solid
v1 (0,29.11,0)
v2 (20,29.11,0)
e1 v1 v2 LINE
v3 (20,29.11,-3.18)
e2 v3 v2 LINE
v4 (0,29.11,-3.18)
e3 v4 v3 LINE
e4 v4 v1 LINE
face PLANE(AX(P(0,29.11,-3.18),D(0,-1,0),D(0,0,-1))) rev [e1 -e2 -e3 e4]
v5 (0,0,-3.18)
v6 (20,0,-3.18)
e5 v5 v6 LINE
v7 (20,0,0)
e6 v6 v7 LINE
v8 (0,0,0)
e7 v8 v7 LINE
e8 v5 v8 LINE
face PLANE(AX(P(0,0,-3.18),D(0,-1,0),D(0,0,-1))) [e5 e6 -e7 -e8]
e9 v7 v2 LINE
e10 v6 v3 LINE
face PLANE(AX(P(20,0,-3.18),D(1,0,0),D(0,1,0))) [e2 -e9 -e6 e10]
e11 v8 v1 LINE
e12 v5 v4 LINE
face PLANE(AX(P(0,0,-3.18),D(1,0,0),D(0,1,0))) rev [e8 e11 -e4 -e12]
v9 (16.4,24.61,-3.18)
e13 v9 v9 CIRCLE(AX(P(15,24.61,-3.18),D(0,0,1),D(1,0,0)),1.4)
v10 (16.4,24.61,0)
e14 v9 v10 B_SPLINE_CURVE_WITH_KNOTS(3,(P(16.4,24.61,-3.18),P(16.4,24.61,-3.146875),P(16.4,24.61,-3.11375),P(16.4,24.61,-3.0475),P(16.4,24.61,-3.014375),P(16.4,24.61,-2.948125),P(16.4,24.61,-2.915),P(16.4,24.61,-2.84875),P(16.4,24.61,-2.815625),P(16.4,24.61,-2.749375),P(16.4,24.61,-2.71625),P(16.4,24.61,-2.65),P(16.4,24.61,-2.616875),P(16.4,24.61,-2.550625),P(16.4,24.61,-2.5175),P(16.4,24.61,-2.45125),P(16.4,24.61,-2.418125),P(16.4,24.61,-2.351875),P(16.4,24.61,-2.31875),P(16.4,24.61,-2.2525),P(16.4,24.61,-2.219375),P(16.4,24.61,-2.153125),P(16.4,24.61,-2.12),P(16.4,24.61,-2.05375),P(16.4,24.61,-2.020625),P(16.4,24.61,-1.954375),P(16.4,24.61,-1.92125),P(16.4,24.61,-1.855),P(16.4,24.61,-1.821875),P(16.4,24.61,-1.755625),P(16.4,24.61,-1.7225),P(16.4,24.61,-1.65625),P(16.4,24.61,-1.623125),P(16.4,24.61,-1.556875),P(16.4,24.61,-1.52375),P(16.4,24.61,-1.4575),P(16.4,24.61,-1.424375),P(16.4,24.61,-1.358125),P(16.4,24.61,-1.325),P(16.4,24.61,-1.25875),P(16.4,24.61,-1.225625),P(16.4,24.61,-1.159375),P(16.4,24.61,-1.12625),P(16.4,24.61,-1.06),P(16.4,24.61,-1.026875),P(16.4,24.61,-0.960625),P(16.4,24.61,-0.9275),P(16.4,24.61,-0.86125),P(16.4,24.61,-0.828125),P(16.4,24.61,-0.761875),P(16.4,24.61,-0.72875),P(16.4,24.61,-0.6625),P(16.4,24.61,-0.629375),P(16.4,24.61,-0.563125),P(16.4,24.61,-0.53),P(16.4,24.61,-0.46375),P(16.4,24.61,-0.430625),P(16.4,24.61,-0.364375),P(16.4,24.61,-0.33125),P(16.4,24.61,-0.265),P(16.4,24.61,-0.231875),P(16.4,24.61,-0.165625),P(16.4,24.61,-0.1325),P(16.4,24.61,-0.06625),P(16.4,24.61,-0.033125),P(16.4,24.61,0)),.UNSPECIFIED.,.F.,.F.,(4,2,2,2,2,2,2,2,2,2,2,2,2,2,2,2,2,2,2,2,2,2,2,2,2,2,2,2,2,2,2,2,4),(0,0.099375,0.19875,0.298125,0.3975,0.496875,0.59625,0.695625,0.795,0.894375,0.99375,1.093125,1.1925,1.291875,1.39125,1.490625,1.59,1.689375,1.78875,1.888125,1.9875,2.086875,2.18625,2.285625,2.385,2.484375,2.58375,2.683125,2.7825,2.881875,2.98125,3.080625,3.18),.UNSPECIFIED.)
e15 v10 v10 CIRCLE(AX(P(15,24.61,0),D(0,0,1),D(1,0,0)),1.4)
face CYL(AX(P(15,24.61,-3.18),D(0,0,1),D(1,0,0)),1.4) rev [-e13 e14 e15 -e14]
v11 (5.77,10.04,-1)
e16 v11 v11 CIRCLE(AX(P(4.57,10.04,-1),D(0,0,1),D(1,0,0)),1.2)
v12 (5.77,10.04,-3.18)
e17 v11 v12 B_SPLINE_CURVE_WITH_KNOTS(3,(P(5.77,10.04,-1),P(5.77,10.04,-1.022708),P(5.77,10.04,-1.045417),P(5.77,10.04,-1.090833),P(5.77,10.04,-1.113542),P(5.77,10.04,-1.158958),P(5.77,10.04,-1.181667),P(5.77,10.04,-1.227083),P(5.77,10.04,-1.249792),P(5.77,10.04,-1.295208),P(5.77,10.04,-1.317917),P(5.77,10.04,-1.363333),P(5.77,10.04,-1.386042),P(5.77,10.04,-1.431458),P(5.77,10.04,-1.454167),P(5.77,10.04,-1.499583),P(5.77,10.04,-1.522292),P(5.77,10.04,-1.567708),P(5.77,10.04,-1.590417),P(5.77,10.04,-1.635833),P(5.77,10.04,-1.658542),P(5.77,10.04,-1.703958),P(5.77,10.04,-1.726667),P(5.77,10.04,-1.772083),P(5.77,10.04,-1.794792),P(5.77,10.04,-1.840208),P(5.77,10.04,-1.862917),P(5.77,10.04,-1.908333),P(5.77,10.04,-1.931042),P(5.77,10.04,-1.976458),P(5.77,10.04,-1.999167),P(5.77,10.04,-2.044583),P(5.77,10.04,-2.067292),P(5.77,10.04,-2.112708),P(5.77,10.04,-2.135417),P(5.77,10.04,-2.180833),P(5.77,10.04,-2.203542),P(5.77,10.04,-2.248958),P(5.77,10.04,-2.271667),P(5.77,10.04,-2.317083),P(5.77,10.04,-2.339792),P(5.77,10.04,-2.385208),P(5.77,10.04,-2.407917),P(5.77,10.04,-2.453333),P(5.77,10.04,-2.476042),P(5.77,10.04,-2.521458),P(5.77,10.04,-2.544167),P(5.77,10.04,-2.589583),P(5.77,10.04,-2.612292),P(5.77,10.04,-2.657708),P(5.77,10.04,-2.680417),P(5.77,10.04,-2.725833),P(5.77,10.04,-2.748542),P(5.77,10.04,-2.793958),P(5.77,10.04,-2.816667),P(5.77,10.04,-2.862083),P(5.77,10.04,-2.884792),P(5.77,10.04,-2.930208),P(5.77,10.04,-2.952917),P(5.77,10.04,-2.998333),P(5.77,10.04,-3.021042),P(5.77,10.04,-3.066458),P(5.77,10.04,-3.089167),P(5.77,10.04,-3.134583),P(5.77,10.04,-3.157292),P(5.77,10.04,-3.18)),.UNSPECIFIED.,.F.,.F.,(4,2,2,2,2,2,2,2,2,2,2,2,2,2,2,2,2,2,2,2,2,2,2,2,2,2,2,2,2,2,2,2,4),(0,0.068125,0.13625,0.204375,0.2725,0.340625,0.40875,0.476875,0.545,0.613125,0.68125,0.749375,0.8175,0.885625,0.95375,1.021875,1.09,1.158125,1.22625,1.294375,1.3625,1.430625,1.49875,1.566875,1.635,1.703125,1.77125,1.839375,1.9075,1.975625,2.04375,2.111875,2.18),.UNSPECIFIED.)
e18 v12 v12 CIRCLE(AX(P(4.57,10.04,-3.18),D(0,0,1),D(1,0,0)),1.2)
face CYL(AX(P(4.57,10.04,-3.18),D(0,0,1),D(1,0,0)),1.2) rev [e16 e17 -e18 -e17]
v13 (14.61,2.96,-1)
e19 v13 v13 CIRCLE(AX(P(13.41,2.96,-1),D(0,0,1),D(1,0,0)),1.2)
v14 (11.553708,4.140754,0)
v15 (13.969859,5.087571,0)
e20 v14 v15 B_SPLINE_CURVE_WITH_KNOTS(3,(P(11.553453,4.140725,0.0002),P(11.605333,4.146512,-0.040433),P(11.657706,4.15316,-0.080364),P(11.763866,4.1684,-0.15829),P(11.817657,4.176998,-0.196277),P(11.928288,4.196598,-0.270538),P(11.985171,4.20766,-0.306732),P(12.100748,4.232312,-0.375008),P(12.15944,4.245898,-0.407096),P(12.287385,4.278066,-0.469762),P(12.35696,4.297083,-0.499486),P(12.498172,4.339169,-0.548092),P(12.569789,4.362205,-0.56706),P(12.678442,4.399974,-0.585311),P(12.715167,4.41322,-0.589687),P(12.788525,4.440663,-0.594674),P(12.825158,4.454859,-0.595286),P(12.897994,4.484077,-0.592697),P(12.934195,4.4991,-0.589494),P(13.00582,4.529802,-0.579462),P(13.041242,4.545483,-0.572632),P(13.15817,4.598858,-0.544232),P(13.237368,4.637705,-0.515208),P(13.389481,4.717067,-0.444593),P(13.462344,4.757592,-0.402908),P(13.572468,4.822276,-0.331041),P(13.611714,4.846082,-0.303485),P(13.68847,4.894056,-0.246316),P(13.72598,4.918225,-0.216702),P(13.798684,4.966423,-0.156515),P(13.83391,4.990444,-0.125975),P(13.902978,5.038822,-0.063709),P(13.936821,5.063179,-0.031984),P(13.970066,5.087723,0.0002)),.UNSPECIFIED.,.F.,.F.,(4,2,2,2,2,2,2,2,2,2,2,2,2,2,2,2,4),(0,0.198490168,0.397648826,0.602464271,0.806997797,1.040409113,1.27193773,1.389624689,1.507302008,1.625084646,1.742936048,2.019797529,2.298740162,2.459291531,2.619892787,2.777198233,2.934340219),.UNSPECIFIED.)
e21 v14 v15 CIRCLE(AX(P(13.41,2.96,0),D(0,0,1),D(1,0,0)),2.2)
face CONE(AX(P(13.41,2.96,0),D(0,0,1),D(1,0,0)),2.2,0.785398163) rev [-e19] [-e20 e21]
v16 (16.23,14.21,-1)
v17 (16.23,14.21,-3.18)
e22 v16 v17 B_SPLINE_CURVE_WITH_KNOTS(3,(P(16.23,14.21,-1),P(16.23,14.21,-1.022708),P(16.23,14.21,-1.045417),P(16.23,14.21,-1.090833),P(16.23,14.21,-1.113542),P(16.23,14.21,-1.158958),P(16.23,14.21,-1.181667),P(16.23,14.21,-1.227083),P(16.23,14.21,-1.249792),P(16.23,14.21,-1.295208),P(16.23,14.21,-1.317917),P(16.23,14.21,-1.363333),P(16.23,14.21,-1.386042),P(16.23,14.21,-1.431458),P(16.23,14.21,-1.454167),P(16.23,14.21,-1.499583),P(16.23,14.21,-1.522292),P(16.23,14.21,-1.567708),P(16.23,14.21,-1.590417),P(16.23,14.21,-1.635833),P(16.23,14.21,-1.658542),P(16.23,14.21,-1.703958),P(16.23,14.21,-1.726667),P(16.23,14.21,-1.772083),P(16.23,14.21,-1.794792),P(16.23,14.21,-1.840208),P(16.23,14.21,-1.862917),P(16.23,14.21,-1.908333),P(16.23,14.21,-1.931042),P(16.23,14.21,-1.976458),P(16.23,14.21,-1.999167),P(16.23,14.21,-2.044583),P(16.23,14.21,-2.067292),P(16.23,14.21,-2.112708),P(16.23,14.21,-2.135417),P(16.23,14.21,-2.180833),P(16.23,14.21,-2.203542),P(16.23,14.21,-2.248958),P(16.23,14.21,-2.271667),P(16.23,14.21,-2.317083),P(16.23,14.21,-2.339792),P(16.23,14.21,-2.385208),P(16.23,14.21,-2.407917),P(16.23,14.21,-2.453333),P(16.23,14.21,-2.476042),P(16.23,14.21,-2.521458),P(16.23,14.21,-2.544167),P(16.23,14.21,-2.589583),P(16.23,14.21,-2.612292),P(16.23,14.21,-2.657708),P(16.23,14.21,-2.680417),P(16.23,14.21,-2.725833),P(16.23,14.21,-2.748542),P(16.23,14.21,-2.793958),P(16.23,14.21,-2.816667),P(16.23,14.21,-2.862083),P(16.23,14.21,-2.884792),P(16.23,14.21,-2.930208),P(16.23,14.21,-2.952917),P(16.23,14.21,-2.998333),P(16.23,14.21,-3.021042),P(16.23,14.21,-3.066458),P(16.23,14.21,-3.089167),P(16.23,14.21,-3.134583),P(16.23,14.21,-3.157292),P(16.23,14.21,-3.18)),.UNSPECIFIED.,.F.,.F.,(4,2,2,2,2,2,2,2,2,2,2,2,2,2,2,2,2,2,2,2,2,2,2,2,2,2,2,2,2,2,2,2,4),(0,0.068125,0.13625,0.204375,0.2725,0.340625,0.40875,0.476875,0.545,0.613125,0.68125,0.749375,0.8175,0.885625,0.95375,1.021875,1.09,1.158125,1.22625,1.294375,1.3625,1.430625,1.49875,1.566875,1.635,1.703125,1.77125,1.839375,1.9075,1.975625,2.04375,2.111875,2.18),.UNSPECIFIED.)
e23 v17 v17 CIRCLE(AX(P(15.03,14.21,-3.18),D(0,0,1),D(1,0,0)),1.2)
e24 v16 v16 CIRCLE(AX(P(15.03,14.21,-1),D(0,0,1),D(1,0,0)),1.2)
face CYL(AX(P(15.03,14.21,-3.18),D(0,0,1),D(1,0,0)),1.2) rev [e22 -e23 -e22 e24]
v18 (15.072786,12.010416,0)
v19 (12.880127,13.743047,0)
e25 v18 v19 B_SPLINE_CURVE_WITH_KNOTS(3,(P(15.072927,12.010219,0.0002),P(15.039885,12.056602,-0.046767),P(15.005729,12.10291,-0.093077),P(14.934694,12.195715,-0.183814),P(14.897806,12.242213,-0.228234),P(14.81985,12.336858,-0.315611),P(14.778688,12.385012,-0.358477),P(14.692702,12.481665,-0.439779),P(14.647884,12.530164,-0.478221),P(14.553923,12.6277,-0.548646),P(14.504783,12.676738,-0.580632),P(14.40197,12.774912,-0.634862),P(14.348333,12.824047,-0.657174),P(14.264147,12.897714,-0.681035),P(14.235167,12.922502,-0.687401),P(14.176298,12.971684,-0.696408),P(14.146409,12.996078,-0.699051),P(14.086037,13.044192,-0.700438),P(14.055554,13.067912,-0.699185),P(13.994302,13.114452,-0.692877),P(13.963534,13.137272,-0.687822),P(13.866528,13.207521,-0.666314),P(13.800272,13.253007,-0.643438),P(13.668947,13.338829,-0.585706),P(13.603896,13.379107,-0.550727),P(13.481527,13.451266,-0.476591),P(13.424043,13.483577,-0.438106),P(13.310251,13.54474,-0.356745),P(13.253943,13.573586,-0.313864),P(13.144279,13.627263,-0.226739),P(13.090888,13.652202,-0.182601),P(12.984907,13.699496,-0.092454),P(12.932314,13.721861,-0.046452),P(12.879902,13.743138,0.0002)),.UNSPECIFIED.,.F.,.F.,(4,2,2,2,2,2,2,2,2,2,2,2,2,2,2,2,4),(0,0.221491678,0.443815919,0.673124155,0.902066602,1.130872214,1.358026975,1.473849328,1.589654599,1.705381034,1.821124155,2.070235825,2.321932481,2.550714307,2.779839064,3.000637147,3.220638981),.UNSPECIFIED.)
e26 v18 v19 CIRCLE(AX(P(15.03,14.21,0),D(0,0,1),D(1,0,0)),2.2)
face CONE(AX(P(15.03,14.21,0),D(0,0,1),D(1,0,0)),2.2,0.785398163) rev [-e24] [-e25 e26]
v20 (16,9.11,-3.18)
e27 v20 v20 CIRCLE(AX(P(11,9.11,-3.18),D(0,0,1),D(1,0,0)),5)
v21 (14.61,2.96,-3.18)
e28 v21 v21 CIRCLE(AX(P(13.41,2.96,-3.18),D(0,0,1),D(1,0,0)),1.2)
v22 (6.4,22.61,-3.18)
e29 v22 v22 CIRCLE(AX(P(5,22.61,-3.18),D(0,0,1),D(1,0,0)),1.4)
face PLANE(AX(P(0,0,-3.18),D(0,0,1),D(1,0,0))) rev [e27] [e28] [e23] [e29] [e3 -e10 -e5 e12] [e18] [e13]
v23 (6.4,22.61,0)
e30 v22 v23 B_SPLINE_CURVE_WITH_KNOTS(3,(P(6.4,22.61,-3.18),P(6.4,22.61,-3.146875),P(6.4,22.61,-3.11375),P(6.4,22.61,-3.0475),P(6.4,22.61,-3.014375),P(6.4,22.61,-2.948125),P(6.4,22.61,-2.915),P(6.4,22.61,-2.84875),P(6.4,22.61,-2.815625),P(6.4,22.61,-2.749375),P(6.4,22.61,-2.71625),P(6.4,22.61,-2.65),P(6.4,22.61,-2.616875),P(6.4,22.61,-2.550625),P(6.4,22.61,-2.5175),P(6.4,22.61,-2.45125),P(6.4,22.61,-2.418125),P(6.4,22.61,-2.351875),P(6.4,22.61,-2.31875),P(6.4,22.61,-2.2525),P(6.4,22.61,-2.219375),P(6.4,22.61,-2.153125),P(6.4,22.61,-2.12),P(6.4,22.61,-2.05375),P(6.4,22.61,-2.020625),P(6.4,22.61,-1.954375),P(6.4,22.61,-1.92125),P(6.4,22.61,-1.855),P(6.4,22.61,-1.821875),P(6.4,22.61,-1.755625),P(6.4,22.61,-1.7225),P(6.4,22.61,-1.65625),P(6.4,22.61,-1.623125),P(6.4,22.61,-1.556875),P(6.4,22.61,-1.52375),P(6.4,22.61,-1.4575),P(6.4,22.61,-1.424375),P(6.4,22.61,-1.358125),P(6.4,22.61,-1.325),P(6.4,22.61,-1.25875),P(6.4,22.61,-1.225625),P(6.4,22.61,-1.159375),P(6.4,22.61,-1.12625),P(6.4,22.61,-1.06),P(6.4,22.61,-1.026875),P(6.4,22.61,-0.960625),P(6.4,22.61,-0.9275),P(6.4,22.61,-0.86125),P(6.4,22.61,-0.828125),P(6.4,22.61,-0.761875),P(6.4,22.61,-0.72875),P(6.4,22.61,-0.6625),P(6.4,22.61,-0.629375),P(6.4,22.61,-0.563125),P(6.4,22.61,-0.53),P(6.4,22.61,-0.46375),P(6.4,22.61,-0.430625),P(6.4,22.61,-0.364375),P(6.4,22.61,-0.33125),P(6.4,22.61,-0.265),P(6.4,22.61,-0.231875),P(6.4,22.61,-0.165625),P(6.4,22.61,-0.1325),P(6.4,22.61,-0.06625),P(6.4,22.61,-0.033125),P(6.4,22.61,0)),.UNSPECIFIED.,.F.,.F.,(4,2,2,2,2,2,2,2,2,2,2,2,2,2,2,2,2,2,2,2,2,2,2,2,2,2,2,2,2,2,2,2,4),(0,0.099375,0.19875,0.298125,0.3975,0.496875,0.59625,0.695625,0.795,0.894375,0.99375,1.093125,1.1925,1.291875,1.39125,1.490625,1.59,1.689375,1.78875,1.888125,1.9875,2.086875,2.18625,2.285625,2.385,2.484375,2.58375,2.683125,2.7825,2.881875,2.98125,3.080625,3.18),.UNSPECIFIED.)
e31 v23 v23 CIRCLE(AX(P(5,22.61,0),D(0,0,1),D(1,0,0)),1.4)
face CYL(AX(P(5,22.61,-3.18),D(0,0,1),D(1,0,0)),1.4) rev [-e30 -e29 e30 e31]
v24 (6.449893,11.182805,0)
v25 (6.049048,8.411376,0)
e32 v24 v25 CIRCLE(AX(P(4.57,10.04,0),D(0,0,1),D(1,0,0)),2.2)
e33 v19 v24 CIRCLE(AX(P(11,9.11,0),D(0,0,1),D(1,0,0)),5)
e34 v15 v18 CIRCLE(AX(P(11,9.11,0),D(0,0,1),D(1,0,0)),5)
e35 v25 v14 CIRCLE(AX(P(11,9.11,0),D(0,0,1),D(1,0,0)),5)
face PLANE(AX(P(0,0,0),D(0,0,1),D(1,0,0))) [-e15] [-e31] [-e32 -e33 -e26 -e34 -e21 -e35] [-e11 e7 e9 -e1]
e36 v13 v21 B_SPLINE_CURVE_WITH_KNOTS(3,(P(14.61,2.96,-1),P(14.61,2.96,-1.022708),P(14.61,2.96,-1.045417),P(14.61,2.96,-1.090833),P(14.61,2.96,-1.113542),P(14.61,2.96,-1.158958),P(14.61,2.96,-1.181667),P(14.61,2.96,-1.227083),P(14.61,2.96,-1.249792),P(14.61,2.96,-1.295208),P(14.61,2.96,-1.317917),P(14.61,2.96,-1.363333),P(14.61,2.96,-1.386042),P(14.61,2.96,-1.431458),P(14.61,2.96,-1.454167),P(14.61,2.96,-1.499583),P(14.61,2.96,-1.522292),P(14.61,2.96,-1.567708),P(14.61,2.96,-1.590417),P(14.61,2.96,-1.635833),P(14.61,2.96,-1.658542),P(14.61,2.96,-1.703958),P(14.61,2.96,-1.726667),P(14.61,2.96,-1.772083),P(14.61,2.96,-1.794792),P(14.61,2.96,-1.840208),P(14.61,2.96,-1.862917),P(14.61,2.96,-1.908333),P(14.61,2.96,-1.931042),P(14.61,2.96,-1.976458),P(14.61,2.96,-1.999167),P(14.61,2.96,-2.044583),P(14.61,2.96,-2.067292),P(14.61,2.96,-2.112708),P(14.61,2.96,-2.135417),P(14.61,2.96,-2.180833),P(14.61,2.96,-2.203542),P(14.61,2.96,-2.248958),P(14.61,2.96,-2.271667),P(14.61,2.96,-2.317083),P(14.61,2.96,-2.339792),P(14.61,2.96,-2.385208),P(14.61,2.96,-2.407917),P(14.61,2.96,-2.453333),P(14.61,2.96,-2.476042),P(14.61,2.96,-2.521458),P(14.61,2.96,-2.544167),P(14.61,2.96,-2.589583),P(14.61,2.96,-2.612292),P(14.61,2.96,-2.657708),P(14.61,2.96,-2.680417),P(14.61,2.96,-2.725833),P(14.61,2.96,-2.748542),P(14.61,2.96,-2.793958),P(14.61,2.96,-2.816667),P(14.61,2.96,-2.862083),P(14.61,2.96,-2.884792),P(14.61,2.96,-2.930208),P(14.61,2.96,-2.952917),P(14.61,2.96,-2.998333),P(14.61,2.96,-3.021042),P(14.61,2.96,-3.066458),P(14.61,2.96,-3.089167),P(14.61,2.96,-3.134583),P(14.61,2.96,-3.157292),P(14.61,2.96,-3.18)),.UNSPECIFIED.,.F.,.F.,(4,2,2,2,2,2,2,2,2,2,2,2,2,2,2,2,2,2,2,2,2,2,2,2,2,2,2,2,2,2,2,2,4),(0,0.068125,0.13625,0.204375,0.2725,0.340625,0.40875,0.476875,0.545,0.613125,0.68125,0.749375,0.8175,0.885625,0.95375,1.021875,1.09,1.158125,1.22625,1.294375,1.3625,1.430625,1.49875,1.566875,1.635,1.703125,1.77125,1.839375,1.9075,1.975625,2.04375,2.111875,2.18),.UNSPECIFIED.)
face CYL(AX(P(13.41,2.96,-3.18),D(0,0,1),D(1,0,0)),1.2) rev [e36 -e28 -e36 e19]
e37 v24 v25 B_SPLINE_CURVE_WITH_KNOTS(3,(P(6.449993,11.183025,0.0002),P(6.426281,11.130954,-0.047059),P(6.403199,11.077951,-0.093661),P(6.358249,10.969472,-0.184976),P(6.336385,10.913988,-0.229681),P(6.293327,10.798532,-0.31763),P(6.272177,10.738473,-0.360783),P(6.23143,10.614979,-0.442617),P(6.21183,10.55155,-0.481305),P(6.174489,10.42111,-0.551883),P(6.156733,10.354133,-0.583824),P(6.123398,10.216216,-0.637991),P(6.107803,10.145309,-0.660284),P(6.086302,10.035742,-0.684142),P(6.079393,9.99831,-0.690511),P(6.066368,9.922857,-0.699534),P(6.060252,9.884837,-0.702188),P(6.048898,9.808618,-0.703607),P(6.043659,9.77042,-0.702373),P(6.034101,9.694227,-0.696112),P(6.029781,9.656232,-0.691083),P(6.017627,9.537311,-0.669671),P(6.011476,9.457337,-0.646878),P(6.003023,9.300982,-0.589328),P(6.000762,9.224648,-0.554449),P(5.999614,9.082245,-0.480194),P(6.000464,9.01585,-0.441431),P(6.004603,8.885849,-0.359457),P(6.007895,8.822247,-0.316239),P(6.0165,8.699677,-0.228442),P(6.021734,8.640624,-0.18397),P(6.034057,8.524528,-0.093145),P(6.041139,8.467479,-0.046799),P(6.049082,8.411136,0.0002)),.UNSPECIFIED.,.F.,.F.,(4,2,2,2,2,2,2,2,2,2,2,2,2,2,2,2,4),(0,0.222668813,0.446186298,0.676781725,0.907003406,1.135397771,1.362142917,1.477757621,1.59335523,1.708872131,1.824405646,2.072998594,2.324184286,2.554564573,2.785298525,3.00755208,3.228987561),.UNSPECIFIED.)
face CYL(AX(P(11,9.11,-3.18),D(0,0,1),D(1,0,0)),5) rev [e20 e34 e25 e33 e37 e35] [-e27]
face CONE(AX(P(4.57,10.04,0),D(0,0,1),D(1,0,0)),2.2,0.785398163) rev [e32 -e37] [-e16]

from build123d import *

# Parameters (mm, degrees)
SKETCH1_W                                       = 20
SKETCH1_H                                       = 29.11
SKETCH1_R                                       = 1.4
SKETCH1_R_2                                     = 1.2
SKETCH1_R_3                                     = 5
BOSS_EXTRUDE2_DEPTH                             = 3.18
CSK_FOR_M2_FLAT_HEAD_MACHINE_SCREW1_D           = 2.4
CSK_FOR_M2_FLAT_HEAD_MACHINE_SCREW1_DEPTH       = 3.508967257
CSK_FOR_M2_FLAT_HEAD_MACHINE_SCREW1_CSINK_D     = 4.4
CSK_FOR_M2_FLAT_HEAD_MACHINE_SCREW1_CSINK_ANGLE = 90
CSK_FOR_M2_FLAT_HEAD_MACHINE_SCREW1_TIP         = 0.721032743


with BuildPart() as part:
    # Sketch1 → Boss-Extrude2 (new body)
    with BuildSketch(Plane.XY):
        with Locations((10, 14.555)):
            Rectangle(SKETCH1_W, SKETCH1_H)
        with Locations((5, 22.61)):
            Circle(SKETCH1_R, mode=Mode.SUBTRACT)
        with Locations((15, 24.61)):
            Circle(SKETCH1_R, mode=Mode.SUBTRACT)
        with Locations((15.03, 14.21)):
            Circle(SKETCH1_R_2, mode=Mode.SUBTRACT)
        with Locations((4.57, 10.04)):
            Circle(SKETCH1_R_2, mode=Mode.SUBTRACT)
        with Locations((13.41, 2.96)):
            Circle(SKETCH1_R_2, mode=Mode.SUBTRACT)
        with Locations((11, 9.11)):
            Circle(SKETCH1_R_3, mode=Mode.SUBTRACT)
    extrude(amount=-BOSS_EXTRUDE2_DEPTH)

    # CSK for M2 Flat Head Machine Screw1
    with Locations(Plane.XY):
        with Locations((4.57, 10.04), (15.03, 14.21), (13.41, 2.96)):
            CounterSinkHole(CSK_FOR_M2_FLAT_HEAD_MACHINE_SCREW1_D / 2, CSK_FOR_M2_FLAT_HEAD_MACHINE_SCREW1_CSINK_D / 2, depth=CSK_FOR_M2_FLAT_HEAD_MACHINE_SCREW1_DEPTH, counter_sink_angle=CSK_FOR_M2_FLAT_HEAD_MACHINE_SCREW1_CSINK_ANGLE)
            with Locations((0, 0, -(CSK_FOR_M2_FLAT_HEAD_MACHINE_SCREW1_DEPTH + CSK_FOR_M2_FLAT_HEAD_MACHINE_SCREW1_TIP / 2))):  # 118° drill point
                Cone(0, CSK_FOR_M2_FLAT_HEAD_MACHINE_SCREW1_D / 2, CSK_FOR_M2_FLAT_HEAD_MACHINE_SCREW1_TIP, mode=Mode.SUBTRACT)


solid = part.part
